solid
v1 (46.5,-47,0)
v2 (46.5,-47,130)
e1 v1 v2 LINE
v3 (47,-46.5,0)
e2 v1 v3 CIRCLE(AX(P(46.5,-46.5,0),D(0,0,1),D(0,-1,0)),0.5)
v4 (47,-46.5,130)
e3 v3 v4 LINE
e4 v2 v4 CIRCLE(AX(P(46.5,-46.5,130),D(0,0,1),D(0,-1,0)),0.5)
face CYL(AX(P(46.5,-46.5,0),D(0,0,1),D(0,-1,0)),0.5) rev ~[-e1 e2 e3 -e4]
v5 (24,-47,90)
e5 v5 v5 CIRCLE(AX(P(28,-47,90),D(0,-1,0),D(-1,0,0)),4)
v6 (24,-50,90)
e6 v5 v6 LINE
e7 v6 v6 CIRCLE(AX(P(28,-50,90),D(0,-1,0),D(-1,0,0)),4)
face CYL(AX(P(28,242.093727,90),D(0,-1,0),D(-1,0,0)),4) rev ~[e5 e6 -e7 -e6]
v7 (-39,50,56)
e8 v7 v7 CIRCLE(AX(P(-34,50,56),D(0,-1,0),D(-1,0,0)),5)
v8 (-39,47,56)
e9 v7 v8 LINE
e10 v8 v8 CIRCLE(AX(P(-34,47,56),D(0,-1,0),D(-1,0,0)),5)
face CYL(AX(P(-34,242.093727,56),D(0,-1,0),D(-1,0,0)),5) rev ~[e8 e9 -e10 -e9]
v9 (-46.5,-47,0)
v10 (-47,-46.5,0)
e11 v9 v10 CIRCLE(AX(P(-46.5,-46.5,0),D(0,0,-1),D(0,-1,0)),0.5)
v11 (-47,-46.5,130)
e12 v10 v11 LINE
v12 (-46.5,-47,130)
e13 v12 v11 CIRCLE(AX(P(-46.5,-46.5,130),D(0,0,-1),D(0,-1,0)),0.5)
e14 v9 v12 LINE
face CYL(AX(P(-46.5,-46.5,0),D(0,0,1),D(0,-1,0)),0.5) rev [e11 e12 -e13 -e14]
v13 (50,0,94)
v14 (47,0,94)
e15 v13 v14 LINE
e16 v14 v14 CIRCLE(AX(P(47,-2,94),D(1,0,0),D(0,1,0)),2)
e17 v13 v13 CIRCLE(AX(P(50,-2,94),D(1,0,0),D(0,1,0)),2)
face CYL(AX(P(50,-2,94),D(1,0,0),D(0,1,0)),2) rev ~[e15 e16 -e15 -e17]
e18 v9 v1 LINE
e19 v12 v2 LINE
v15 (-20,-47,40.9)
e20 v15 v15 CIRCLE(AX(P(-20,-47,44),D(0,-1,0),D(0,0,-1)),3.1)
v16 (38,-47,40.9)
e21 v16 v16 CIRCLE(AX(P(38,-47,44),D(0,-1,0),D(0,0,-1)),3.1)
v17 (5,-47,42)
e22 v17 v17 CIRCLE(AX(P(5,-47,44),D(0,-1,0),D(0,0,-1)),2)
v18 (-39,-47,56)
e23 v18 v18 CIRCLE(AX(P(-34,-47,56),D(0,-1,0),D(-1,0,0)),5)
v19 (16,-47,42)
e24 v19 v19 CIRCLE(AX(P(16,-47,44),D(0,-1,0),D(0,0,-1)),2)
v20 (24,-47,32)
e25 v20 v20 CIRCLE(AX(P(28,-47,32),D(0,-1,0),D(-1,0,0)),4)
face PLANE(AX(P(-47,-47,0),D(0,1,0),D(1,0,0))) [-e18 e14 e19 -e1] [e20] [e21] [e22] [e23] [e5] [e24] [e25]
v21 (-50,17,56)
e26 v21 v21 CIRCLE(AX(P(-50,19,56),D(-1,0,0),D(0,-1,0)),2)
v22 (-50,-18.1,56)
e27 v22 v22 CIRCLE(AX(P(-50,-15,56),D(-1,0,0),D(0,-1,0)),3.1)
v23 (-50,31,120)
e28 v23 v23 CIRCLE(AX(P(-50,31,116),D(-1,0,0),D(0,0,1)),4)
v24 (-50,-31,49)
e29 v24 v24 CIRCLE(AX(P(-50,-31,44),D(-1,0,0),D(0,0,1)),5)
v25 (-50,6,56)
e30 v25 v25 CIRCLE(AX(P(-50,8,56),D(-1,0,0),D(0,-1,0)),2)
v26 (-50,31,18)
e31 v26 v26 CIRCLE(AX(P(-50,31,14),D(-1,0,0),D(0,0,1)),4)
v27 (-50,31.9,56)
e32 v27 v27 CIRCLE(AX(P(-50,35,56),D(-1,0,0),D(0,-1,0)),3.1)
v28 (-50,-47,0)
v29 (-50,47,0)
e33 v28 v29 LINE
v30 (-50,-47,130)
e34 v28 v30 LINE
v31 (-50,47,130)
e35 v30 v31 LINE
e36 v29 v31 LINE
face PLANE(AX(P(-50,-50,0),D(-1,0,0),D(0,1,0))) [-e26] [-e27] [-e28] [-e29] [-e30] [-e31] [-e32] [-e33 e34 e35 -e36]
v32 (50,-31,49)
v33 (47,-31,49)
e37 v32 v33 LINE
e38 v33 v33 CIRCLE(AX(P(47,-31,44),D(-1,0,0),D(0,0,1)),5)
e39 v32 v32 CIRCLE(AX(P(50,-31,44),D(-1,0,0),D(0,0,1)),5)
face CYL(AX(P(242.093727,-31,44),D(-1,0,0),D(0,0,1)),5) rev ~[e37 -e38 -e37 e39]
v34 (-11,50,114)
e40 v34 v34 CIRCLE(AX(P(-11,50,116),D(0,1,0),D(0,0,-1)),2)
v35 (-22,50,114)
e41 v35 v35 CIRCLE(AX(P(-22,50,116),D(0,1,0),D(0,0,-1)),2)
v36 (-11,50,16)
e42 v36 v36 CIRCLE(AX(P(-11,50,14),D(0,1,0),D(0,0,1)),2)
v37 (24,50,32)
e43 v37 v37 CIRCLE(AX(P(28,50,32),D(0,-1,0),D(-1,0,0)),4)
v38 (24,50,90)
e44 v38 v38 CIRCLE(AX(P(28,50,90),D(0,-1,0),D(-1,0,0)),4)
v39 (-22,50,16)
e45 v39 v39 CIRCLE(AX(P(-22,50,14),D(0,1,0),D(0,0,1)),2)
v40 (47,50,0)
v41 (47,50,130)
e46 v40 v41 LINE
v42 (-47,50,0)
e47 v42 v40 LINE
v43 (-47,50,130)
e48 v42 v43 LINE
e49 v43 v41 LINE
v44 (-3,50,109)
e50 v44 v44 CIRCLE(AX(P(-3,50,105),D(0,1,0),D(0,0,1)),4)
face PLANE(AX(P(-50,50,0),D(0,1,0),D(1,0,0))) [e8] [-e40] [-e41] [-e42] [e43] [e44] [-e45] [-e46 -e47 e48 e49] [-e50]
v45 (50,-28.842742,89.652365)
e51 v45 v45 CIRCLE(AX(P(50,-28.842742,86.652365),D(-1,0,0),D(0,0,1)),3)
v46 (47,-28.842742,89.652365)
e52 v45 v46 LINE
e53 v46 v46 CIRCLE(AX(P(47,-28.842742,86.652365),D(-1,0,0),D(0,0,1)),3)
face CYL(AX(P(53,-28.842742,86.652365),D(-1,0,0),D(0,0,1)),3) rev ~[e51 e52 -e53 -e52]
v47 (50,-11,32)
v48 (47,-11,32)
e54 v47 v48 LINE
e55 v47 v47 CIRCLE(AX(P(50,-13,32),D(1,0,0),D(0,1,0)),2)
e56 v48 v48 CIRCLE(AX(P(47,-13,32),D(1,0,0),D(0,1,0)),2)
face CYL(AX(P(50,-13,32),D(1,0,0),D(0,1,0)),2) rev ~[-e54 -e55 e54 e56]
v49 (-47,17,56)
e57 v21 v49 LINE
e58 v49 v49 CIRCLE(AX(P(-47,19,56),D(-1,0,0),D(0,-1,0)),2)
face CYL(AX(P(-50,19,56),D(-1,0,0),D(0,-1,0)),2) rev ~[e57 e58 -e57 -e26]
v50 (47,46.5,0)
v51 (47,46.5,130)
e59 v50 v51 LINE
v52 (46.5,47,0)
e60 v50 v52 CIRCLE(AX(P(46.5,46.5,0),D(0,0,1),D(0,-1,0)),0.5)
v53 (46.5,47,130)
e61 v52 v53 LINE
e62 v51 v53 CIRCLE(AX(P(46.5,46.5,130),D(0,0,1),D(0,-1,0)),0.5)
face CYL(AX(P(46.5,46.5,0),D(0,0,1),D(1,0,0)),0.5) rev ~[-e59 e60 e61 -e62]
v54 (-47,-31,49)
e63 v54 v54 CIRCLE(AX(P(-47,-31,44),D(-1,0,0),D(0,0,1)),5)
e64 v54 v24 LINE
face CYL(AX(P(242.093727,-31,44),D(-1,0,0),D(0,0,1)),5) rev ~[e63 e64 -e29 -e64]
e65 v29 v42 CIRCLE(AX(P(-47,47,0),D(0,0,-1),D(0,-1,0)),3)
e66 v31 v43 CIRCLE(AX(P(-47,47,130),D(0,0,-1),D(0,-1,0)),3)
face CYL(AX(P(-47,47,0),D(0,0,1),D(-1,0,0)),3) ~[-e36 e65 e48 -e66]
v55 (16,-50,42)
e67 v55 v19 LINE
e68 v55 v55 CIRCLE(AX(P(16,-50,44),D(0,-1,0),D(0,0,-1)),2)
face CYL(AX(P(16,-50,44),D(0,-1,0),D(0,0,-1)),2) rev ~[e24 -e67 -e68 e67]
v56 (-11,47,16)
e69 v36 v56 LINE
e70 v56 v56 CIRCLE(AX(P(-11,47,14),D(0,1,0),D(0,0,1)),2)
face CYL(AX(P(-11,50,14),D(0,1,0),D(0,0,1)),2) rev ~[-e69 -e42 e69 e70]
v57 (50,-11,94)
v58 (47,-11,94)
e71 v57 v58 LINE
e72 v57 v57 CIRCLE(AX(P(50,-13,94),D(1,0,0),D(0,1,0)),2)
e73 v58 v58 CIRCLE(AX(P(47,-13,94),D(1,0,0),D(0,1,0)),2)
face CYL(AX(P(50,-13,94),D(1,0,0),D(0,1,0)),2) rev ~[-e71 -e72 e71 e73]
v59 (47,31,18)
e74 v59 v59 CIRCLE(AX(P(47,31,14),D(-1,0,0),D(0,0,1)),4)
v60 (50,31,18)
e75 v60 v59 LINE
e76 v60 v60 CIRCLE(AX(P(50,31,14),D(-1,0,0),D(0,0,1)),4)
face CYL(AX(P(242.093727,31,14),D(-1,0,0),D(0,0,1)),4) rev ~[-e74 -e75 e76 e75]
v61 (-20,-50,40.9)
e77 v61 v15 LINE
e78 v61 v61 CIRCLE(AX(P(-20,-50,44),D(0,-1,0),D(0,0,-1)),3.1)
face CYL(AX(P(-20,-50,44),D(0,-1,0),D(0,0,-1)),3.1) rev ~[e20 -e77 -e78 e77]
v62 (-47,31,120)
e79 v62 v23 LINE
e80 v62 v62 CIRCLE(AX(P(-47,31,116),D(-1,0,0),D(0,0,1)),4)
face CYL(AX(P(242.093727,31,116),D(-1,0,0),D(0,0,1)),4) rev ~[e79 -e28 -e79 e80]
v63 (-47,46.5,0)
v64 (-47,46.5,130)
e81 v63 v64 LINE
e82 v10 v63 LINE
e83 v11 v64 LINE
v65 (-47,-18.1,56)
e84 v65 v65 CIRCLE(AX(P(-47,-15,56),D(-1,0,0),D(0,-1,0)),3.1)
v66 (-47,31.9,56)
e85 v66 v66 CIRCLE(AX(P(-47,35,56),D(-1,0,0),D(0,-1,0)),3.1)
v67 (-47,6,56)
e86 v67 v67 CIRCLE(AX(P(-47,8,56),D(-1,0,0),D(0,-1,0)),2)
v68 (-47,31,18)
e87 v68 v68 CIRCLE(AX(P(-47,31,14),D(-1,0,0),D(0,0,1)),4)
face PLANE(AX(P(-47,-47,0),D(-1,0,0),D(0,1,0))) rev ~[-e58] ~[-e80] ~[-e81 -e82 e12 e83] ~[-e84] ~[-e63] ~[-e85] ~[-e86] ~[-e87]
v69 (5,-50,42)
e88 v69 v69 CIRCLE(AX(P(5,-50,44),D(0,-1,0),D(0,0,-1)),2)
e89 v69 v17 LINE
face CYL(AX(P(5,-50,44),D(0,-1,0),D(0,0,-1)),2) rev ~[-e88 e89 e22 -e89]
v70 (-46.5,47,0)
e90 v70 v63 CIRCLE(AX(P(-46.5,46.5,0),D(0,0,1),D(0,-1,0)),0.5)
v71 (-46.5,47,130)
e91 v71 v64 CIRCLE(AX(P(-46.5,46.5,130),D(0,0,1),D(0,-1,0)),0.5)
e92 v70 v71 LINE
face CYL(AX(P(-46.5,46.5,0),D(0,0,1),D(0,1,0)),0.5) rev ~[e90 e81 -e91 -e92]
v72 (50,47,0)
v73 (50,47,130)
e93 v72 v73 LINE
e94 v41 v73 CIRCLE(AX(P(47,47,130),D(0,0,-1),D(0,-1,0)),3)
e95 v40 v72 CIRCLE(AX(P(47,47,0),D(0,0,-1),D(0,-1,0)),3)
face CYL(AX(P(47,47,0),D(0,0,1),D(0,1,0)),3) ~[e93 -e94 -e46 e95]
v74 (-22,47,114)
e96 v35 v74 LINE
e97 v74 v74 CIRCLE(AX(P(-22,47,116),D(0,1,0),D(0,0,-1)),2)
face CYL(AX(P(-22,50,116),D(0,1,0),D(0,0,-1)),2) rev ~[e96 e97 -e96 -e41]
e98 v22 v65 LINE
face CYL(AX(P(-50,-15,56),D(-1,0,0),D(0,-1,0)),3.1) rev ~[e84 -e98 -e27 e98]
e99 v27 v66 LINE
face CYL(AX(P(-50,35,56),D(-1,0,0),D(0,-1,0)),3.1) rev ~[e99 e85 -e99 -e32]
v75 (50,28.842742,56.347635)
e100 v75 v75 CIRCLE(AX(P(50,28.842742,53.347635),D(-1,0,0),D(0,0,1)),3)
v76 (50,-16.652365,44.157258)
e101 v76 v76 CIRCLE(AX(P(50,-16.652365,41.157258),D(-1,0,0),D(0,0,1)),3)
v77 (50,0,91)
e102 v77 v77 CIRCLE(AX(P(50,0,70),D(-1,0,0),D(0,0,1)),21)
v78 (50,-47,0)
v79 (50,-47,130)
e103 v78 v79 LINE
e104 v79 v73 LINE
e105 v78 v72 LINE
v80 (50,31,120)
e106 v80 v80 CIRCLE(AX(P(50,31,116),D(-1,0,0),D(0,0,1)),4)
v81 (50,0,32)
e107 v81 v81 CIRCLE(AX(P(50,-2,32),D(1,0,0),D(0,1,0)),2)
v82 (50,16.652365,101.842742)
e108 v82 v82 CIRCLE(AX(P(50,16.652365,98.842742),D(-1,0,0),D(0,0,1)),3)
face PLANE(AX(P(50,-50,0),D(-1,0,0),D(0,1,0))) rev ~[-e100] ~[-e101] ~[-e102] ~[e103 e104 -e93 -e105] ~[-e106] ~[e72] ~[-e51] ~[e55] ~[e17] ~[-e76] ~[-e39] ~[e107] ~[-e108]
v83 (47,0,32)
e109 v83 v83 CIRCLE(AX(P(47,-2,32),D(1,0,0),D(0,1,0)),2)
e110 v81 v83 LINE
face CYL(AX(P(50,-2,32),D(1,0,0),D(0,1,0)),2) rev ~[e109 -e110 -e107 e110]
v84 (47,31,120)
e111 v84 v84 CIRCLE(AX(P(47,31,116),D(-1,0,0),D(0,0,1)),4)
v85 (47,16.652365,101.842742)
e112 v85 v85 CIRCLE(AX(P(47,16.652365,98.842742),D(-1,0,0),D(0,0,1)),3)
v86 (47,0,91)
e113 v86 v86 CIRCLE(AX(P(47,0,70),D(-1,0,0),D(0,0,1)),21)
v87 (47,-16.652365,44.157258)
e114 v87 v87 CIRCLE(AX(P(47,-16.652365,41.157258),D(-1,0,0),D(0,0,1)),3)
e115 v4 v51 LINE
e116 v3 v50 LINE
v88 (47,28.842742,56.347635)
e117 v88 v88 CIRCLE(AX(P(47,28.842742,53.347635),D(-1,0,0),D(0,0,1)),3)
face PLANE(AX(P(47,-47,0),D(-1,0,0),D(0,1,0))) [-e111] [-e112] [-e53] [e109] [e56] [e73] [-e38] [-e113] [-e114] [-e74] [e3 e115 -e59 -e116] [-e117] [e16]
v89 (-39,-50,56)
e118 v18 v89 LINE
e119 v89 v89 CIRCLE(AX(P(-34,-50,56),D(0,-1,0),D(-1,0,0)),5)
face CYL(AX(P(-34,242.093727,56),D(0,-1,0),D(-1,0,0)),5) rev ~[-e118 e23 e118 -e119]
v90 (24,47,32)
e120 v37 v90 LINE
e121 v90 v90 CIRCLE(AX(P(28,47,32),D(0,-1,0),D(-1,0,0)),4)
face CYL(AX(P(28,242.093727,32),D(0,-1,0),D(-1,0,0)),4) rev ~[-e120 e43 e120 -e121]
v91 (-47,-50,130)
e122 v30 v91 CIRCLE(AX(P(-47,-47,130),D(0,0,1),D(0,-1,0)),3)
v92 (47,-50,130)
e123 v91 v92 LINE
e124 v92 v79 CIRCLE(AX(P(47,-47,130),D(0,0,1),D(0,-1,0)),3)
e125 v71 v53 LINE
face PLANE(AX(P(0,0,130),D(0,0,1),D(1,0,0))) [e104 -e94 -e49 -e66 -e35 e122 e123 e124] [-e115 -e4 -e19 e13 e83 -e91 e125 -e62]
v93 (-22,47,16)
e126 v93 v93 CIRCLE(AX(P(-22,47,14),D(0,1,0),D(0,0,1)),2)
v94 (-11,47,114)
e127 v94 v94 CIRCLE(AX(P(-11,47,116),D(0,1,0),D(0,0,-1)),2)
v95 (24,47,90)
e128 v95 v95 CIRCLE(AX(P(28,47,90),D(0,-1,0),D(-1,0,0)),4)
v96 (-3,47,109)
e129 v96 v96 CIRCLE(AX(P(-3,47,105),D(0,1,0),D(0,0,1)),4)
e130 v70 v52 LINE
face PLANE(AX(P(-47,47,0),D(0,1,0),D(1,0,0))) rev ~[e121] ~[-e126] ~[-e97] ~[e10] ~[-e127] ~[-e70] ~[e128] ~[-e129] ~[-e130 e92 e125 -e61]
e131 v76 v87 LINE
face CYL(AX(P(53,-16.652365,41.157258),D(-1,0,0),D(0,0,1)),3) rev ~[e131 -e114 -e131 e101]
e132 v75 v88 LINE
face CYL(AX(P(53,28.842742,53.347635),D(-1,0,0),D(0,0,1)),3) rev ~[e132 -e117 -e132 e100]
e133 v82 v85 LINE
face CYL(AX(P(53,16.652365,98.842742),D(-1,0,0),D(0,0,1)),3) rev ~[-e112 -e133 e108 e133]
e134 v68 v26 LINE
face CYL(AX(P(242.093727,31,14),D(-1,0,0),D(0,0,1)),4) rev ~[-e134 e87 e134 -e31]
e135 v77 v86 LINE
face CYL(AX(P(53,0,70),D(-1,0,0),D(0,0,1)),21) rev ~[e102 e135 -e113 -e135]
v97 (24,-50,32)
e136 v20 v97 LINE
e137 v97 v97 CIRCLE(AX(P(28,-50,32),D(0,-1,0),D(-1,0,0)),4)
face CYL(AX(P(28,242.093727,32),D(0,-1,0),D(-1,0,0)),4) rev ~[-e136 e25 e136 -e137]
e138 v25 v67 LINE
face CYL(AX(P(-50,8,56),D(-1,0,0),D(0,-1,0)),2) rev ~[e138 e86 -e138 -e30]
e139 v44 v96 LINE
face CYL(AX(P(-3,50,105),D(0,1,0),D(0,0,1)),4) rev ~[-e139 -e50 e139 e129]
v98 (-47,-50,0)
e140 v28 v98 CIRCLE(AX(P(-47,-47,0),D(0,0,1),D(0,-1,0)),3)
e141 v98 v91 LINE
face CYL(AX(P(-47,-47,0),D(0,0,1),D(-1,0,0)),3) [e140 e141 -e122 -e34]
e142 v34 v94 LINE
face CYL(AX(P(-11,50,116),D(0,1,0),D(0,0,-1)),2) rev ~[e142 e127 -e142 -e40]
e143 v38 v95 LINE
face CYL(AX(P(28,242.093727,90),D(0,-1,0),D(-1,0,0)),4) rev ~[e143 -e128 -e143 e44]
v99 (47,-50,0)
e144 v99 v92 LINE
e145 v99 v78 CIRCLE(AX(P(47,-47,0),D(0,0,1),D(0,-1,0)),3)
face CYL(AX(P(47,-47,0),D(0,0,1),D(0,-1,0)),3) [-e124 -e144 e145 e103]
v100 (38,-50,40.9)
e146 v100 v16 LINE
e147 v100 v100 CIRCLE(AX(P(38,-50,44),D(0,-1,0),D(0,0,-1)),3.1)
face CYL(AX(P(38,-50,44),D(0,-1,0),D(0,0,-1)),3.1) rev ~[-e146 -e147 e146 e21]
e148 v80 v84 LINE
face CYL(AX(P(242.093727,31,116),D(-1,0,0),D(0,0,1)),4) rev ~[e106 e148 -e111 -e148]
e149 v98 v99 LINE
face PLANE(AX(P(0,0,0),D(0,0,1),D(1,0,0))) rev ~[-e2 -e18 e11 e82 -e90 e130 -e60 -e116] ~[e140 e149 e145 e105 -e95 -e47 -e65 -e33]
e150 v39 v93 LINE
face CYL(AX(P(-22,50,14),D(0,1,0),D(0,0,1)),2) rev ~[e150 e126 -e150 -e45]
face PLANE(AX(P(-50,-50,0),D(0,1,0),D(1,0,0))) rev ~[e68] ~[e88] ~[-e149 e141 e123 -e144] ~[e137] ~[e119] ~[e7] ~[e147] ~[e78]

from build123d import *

# Parameters (mm, degrees)
SKETCH1_W                      = 100
SKETCH1_H                      = 100
SKETCH1_W_2                    = 94
SKETCH1_H_2                    = 94
EXTRUDE_THIN1_DEPTH            = 130
FILLET1_R                      = 0.5
FILLET2_R                      = 3
F_8_0_8_DIAMETER_HOLE2_D       = 8
F_8_0_8_DIAMETER_HOLE3_D       = 8
F_10_0_10_DIAMETER_HOLE1_D     = 10
F_10_0_10_DIAMETER_HOLE2_D     = 10
F_21_0_21_DIAMETER_HOLE1_D     = 42
F_21_0_21_DIAMETER_HOLE1_DEPTH = 3
F_6_0_6_DIAMETER_HOLE1_D       = 6
F_6_0_6_DIAMETER_HOLE1_DEPTH   = 3
SKETCH33_R                     = 4
CUT_EXTRUDE1_DEPTH             = 10
SKETCH34_R                     = 2
CUT_EXTRUDE2_DEPTH             = 10
SKETCH35_R                     = 2
CUT_EXTRUDE3_DEPTH             = 10
SKETCH36_R                     = 2
CUT_EXTRUDE4_DEPTH             = 10
SKETCH37_R                     = 2
CUT_EXTRUDE5_DEPTH             = 10
CUT_EXTRUDE6_REACH             = 173.464
SKETCH38_R                     = 3.1
CUT_EXTRUDE7_REACH             = 173.464
SKETCH39_R                     = 3.1


with BuildPart() as part:
    # Sketch1 → Extrude-Thin1 (new body)
    with BuildSketch(Plane.XY):
        Rectangle(SKETCH1_W, SKETCH1_H)
        Rectangle(SKETCH1_W_2, SKETCH1_H_2, mode=Mode.SUBTRACT)
    extrude(amount=EXTRUDE_THIN1_DEPTH)

    # Fillet1
    fillet1_edges = [part.edges().sort_by_distance(p)[0] for p in [
        (47, -47, 65),
        (47, 47, 65),
        (-47, 47, 65),
        (-47, -47, 65),
    ]]
    fillet(fillet1_edges, radius=FILLET1_R)

    # Fillet2
    fillet2_edges = [part.edges().sort_by_distance(p)[0] for p in [
        (50, -50, 65),
        (-50, -50, 65),
        (-50, 50, 65),
        (50, 50, 65),
    ]]
    fillet(fillet2_edges, radius=FILLET2_R)

    # Ø8.0 (8) Diameter Hole2 (through all)
    with Locations(Plane(origin=(0, 50, 0), x_dir=(1, 0, 0), z_dir=(0, 1, 0))):
        with Locations((28, -32), (28, -90)):
            Hole(F_8_0_8_DIAMETER_HOLE2_D / 2)

    # Ø8.0 (8) Diameter Hole3 (through all)
    with Locations(Plane(origin=(50, 0, 0), x_dir=(0, 0, -1), z_dir=(1, 0, 0))):
        with Locations((-14, 31), (-116, 31)):
            Hole(F_8_0_8_DIAMETER_HOLE3_D / 2)

    # Ø10.0 (10) Diameter Hole1 (through all)
    with Locations(Plane(origin=(0, 50, 0), x_dir=(1, 0, 0), z_dir=(0, 1, 0))):
        with Locations((-34, -56)):
            Hole(F_10_0_10_DIAMETER_HOLE1_D / 2)

    # Ø10.0 (10) Diameter Hole2 (through all)
    with Locations(Plane(origin=(50, 0, 0), x_dir=(0, 0, -1), z_dir=(1, 0, 0))):
        with Locations((-44, -31)):
            Hole(F_10_0_10_DIAMETER_HOLE2_D / 2)

    # Ø21.0 (21) Diameter Hole1
    with Locations(Plane(origin=(50, 0, 0), x_dir=(0, 0, -1), z_dir=(1, 0, 0))):
        with Locations((-70, 0)):
            Hole(F_21_0_21_DIAMETER_HOLE1_D / 2, depth=F_21_0_21_DIAMETER_HOLE1_DEPTH)

    # Ø6.0 (6) Diameter Hole1
    with Locations(Plane(origin=(50, 0, 0), x_dir=(0, 0, -1), z_dir=(1, 0, 0))):
        with Locations((-41.157258279, -16.652364697), (-53.347635303, 28.842741721), (-98.842741721, 16.652364697), (-86.652364697, -28.842741721)):
            Hole(F_6_0_6_DIAMETER_HOLE1_D / 2, depth=F_6_0_6_DIAMETER_HOLE1_DEPTH)

    # Sketch33 → Cut-Extrude1 (cut)
    with BuildSketch(Plane(origin=(0, 50, 0), x_dir=(1, 0, 0), z_dir=(0, 1, 0))):
        with Locations(Location((-3, -105, 0), (0, 0, 270))):
            Circle(SKETCH33_R)
    extrude(amount=-CUT_EXTRUDE1_DEPTH, mode=Mode.SUBTRACT)

    # Sketch34 → Cut-Extrude2 (cut)
    with BuildSketch(Plane(origin=(0, 50, 0), x_dir=(1, 0, 0), z_dir=(0, 1, 0))):
        with Locations(Location((-22, -14, 0), (0, 0, 270))):
            Circle(SKETCH34_R)
        with Locations(Location((-11, -14, 0), (0, 0, 270))):
            Circle(SKETCH34_R)
        with Locations(Location((-11, -116, 0), (0, 0, 90))):
            Circle(SKETCH34_R)
        with Locations(Location((-22, -116, 0), (0, 0, 90))):
            Circle(SKETCH34_R)
    extrude(amount=-CUT_EXTRUDE2_DEPTH, mode=Mode.SUBTRACT)

    # Sketch35 → Cut-Extrude3 (cut)
    with BuildSketch(Plane.ZY.offset(50)):
        with Locations(Location((56, 19, 0), (0, 0, 270))):
            Circle(SKETCH35_R)
        with Locations(Location((56, 8, 0), (0, 0, 270))):
            Circle(SKETCH35_R)
    extrude(amount=-CUT_EXTRUDE3_DEPTH, mode=Mode.SUBTRACT)

    # Sketch36 → Cut-Extrude4 (cut)
    with BuildSketch(Plane.XZ.offset(50)):
        with Locations(Location((16, 44, 0), (0, 0, 270))):
            Circle(SKETCH36_R)
        with Locations(Location((5, 44, 0), (0, 0, 270))):
            Circle(SKETCH36_R)
    extrude(amount=-CUT_EXTRUDE4_DEPTH, mode=Mode.SUBTRACT)

    # Sketch37 → Cut-Extrude5 (cut)
    with BuildSketch(Plane(origin=(50, 0, 0), x_dir=(0, 0, -1), z_dir=(1, 0, 0))):
        with Locations(Location((-32, -13, 0), (0, 0, 90))):
            Circle(SKETCH37_R)
        with Locations(Location((-32, -2, 0), (0, 0, 90))):
            Circle(SKETCH37_R)
        with Locations(Location((-94, -13, 0), (0, 0, 90))):
            Circle(SKETCH37_R)
        with Locations(Location((-94, -2, 0), (0, 0, 90))):
            Circle(SKETCH37_R)
    extrude(amount=-CUT_EXTRUDE5_DEPTH, mode=Mode.SUBTRACT)

    # Sketch38 → Cut-Extrude6 (cut, up to next)
    with BuildSketch(Plane.ZY.offset(50), mode=Mode.PRIVATE) as cut_extrude6_sk1:
        with Locations(Location((56, 35, 0), (0, 0, 270))):
            Circle(SKETCH38_R)
    cut_extrude6_tool1 = extrude(cut_extrude6_sk1.sketch, amount=-CUT_EXTRUDE6_REACH, mode=Mode.PRIVATE) & part.part
    # Sketch38 → Cut-Extrude6 (cut, up to next)
    with BuildSketch(Plane.ZY.offset(50), mode=Mode.PRIVATE) as cut_extrude6_sk2:
        with Locations(Location((56, -15, 0), (0, 0, 270))):
            Circle(SKETCH38_R)
    cut_extrude6_tool2 = extrude(cut_extrude6_sk2.sketch, amount=-CUT_EXTRUDE6_REACH, mode=Mode.PRIVATE) & part.part
    add(cut_extrude6_tool1.solids().sort_by_distance((-50, 35, 56))[0], mode=Mode.SUBTRACT)
    add(cut_extrude6_tool2.solids().sort_by_distance((-50, -15, 56))[0], mode=Mode.SUBTRACT)

    # Sketch39 → Cut-Extrude7 (cut, up to next)
    with BuildSketch(Plane.XZ.offset(50), mode=Mode.PRIVATE) as cut_extrude7_sk1:
        with Locations(Location((-20, 44, 0), (0, 0, 270))):
            Circle(SKETCH39_R)
    cut_extrude7_tool1 = extrude(cut_extrude7_sk1.sketch, amount=-CUT_EXTRUDE7_REACH, mode=Mode.PRIVATE) & part.part
    # Sketch39 → Cut-Extrude7 (cut, up to next)
    with BuildSketch(Plane.XZ.offset(50), mode=Mode.PRIVATE) as cut_extrude7_sk2:
        with Locations(Location((38, 44, 0), (0, 0, 270))):
            Circle(SKETCH39_R)
    cut_extrude7_tool2 = extrude(cut_extrude7_sk2.sketch, amount=-CUT_EXTRUDE7_REACH, mode=Mode.PRIVATE) & part.part
    add(cut_extrude7_tool1.solids().sort_by_distance((-20, -50, 44))[0], mode=Mode.SUBTRACT)
    add(cut_extrude7_tool2.solids().sort_by_distance((38, -50, 44))[0], mode=Mode.SUBTRACT)


solid = part.part
